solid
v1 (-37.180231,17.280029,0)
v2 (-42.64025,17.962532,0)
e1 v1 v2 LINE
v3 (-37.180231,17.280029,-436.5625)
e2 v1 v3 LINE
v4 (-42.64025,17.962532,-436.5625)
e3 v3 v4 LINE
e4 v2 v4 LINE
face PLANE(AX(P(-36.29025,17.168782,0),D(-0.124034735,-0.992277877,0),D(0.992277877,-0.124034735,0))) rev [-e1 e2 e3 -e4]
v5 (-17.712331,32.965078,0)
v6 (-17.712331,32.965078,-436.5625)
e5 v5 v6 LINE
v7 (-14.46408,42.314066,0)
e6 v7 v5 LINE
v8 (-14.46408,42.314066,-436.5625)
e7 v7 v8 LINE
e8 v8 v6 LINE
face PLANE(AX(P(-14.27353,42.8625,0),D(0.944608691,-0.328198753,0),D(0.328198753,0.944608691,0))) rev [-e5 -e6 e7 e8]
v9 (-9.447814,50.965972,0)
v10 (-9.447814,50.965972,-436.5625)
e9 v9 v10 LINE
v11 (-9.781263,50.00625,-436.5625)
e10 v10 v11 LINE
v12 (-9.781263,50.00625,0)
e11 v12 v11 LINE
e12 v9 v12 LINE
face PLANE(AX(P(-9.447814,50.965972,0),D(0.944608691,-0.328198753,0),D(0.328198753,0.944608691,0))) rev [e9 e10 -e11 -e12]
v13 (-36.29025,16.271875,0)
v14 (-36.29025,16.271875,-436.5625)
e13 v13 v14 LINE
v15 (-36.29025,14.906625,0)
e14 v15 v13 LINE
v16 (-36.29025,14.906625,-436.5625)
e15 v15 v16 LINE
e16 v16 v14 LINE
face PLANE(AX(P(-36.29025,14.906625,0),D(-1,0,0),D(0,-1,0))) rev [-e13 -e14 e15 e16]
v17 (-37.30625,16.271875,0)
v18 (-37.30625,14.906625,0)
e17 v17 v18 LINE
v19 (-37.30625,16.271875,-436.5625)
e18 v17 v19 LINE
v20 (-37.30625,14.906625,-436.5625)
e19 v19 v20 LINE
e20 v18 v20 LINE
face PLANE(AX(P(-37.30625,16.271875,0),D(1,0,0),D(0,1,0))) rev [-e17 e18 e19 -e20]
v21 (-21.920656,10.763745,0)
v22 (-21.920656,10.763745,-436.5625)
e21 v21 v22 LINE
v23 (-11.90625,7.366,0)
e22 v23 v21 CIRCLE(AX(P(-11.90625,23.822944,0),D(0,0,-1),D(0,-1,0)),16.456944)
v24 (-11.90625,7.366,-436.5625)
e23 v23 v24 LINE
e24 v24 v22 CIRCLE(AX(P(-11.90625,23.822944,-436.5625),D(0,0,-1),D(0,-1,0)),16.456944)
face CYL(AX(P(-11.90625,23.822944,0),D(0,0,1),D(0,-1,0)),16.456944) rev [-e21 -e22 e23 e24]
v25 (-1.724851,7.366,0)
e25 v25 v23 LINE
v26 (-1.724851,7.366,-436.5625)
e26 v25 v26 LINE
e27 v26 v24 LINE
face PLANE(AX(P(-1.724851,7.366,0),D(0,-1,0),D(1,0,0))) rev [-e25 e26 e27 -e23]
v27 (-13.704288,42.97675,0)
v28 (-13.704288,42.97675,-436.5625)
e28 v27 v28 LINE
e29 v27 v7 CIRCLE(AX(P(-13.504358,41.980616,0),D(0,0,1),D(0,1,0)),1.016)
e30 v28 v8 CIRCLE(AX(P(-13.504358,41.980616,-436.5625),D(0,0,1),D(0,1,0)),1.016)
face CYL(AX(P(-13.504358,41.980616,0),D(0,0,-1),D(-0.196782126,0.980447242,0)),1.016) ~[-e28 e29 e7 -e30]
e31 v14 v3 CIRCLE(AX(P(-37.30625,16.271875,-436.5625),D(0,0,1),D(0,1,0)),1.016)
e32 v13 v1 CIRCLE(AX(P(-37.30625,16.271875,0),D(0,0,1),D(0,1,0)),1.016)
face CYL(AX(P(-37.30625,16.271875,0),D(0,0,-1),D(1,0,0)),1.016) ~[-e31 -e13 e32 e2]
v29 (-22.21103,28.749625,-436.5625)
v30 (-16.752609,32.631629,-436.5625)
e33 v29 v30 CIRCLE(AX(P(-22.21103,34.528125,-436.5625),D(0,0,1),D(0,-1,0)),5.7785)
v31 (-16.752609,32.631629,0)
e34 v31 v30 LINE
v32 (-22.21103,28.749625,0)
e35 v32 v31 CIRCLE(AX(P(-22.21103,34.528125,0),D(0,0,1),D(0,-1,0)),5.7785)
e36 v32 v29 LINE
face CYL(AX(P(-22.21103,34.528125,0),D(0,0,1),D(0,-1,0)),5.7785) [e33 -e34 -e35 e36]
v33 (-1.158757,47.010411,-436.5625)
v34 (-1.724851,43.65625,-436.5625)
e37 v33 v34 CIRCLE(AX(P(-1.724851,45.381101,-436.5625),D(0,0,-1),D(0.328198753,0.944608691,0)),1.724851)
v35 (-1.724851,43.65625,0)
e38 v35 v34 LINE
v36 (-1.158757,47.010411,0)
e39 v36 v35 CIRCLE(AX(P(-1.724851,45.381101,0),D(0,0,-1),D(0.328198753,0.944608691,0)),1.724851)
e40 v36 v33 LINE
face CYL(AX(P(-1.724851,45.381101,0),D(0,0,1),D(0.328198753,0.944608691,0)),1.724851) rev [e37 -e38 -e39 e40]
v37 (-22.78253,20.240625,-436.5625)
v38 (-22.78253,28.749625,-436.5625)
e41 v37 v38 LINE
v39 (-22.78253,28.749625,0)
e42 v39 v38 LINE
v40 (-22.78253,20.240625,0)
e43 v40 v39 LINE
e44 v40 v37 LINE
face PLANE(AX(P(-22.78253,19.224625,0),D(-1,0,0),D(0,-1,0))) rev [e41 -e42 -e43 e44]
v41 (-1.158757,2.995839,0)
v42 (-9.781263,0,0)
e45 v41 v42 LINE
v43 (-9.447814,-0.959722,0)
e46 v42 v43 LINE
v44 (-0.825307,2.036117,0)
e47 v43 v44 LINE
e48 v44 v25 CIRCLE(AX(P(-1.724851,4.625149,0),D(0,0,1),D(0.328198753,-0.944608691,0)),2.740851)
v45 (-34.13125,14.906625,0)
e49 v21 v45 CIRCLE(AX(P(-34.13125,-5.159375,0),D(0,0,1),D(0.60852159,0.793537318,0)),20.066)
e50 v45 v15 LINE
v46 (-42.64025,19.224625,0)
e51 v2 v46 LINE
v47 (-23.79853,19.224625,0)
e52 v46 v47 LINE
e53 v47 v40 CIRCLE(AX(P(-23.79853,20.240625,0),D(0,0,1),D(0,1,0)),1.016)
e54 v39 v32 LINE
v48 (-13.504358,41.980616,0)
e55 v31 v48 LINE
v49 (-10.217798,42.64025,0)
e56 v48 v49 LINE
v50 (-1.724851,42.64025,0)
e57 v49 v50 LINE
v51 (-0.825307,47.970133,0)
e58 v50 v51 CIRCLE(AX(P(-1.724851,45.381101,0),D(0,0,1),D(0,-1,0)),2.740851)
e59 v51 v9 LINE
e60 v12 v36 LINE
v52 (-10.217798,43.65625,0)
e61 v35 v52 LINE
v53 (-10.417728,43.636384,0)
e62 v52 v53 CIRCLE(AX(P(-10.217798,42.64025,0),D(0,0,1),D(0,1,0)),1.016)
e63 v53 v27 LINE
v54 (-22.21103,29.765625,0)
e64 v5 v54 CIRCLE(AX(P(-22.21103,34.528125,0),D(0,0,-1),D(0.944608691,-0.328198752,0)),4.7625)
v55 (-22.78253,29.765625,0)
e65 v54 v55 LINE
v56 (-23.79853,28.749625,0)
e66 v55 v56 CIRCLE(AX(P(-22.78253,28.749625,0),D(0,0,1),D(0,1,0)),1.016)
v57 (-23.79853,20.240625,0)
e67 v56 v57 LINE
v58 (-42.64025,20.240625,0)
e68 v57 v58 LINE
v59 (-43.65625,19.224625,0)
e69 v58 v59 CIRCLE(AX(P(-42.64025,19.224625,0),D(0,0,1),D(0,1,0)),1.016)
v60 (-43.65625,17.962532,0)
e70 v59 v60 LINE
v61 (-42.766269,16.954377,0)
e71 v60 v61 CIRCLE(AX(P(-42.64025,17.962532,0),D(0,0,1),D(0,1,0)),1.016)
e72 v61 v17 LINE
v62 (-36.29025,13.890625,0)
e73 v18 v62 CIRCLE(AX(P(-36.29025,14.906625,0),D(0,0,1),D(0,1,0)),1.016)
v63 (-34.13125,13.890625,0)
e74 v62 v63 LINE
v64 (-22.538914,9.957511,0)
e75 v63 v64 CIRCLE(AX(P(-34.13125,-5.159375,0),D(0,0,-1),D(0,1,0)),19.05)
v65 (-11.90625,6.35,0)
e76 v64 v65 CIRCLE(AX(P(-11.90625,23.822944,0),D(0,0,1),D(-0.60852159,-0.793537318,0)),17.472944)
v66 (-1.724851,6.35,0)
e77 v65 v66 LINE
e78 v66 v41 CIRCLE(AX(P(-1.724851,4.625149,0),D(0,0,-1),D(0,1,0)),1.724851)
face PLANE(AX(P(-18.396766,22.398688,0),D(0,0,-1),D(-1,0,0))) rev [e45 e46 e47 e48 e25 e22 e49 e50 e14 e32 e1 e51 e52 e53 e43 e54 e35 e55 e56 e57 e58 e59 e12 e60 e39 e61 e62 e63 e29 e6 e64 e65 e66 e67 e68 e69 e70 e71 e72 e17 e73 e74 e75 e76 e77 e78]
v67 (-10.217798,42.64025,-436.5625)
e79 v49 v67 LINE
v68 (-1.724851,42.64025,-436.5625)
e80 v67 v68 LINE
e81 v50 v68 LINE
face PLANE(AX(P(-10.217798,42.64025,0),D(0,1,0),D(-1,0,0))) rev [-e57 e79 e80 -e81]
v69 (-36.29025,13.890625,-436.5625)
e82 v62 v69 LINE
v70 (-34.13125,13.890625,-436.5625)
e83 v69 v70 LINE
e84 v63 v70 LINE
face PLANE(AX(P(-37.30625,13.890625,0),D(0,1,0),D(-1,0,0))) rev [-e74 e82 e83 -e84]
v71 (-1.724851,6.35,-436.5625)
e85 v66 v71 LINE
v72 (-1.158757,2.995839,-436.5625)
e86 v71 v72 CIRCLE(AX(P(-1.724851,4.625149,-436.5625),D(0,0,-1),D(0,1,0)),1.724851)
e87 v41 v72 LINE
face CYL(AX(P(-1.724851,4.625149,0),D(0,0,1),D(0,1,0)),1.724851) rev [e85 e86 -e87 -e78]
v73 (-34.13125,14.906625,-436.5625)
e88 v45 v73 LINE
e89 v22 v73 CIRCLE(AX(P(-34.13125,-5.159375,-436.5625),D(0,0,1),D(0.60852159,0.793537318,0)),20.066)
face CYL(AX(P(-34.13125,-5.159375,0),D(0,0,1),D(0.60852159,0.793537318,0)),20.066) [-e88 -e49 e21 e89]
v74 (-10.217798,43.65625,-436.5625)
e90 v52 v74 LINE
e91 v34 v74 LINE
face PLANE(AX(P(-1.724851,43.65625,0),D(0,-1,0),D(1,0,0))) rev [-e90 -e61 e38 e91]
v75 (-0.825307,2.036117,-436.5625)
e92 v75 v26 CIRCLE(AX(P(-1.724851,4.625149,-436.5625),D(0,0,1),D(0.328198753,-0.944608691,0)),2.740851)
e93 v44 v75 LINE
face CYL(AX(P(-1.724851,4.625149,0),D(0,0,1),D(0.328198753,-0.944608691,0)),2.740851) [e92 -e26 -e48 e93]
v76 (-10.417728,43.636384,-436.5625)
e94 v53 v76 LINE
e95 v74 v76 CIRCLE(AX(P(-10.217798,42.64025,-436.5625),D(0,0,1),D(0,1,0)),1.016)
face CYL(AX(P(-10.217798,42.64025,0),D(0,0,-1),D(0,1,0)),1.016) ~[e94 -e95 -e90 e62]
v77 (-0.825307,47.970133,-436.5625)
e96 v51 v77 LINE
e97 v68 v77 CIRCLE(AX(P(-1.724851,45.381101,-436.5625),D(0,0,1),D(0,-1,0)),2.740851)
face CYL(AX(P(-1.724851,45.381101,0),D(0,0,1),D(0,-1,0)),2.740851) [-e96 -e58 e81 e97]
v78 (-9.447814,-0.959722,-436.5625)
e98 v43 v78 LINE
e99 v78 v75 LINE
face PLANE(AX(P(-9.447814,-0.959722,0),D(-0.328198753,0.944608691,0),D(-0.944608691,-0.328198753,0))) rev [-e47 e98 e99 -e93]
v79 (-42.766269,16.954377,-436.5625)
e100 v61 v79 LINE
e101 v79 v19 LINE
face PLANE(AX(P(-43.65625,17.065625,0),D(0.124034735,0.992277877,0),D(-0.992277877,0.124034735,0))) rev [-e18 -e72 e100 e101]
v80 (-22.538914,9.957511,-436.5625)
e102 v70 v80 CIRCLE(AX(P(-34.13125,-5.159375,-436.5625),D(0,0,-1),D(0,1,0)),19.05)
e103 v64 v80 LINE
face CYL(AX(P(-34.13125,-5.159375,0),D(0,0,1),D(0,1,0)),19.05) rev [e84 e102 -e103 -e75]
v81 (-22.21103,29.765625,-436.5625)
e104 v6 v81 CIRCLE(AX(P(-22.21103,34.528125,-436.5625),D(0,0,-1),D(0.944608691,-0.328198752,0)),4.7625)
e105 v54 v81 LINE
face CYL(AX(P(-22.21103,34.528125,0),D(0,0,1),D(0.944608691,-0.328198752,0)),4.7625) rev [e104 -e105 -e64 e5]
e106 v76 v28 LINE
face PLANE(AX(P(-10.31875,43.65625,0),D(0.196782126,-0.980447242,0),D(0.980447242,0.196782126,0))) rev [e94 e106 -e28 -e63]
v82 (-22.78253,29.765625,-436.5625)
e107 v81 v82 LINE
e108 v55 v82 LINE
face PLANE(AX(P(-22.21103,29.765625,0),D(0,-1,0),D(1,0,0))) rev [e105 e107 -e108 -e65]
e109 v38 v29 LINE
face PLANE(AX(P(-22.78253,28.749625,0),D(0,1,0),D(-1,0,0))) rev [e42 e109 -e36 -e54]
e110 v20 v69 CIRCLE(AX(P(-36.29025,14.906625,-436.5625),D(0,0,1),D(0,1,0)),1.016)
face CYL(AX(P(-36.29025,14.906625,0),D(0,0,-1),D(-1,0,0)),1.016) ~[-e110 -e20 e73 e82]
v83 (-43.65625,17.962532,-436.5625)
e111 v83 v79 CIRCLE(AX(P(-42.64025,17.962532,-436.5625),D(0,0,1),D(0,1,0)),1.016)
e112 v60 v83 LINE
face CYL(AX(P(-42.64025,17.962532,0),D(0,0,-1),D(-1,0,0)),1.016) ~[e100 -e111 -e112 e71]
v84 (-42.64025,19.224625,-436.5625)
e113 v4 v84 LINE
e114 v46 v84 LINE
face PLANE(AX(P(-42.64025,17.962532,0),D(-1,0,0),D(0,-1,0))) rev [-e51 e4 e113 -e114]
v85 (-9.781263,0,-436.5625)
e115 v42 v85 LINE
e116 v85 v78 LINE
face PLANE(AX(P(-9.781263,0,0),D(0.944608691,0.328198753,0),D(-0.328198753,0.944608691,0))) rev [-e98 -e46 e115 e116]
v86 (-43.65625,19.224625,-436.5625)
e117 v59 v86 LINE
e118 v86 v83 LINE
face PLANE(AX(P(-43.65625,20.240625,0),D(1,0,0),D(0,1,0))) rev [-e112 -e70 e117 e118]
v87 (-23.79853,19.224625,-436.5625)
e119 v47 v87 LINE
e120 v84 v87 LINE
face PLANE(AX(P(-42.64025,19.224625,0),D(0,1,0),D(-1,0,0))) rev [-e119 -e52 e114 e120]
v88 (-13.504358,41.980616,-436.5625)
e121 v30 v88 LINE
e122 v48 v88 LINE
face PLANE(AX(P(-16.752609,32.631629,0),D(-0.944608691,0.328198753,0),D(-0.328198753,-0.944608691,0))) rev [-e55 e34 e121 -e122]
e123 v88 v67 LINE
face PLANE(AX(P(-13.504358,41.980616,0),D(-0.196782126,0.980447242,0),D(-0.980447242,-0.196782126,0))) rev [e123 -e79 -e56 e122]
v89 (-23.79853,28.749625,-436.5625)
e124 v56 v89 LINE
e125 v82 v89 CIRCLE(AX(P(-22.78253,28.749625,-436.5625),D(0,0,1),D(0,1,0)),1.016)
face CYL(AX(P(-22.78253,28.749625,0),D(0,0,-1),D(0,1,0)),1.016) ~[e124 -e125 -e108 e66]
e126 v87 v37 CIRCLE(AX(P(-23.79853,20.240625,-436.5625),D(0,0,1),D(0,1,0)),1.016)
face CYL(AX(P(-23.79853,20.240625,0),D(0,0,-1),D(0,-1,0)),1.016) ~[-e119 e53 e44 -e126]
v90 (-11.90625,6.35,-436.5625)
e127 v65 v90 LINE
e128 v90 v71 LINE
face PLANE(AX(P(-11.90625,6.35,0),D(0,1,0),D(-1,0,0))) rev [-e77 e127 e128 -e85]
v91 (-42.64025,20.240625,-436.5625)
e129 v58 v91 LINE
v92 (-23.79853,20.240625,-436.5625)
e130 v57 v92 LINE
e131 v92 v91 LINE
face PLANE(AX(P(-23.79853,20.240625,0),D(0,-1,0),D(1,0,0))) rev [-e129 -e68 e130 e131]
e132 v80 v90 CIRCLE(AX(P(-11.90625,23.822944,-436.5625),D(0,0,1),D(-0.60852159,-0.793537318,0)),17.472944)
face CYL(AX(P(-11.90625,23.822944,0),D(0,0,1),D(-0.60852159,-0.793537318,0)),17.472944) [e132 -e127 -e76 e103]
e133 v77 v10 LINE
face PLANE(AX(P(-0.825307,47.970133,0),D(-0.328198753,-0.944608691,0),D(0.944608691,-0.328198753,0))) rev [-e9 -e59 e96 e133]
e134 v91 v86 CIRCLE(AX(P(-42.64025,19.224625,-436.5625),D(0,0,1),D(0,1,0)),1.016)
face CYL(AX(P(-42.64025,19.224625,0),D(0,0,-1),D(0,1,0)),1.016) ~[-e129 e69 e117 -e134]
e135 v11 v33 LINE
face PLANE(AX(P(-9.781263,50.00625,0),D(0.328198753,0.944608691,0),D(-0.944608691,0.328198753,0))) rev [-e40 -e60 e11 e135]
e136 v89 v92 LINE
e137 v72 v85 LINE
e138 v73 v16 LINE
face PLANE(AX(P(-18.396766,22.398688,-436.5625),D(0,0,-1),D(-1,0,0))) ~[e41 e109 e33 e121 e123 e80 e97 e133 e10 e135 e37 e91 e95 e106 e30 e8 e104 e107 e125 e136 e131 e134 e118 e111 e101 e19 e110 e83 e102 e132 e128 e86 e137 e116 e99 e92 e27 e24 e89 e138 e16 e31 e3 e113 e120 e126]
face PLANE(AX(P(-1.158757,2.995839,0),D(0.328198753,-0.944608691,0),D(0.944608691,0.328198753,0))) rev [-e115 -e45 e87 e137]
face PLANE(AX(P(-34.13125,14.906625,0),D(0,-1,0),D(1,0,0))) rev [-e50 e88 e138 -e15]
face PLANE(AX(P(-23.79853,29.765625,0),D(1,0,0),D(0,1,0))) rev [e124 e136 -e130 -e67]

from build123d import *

# Parameters (mm, degrees)
EXTRUDE_THIN1_DEPTH = 436.5625
FILLET1_R           = 1.016


with BuildPart() as part:
    # Sketch1 → Extrude-Thin1 (new body)
    with BuildSketch(Plane.XY):
        with BuildLine():
            Line((9.781263434, 50.00625), (1.15875723, 47.010410758))
            ThreePointArc((1.15875723, 47.010410758), (0.024053154, 45.094051318), (1.724851264, 43.65625))
            Line((1.724851264, 43.65625), (10.31875, 43.65625))
            Line((10.31875, 43.65625), (14.273529908, 42.8625))
            Line((14.273529908, 42.8625), (17.712331019, 32.965078439))
            ThreePointArc((17.712331019, 32.965078439), (19.450830911, 30.647054561), (22.211029908, 29.765625))
            Line((22.211029908, 29.765625), (23.798529908, 29.765625))
            Line((23.798529908, 29.765625), (23.798529908, 20.240625))
            Line((23.798529908, 20.240625), (43.65625, 20.240625))
            Line((43.65625, 20.240625), (43.65625, 17.065625))
            Line((43.65625, 17.065625), (37.30625, 16.271875))
            Line((37.30625, 16.271875), (37.30625, 13.890625))
            Line((37.30625, 13.890625), (34.13125, 13.890625))
            ThreePointArc((34.13125, 13.890625), (28.010554633, 12.880569241), (22.538913712, 9.957510902))
            ThreePointArc((22.538913712, 9.957510902), (17.520243065, 7.276438204), (11.90625, 6.35))
            Line((11.90625, 6.35), (10.31875, 6.35))
            Line((10.31875, 6.35), (1.724851264, 6.35))
            ThreePointArc((1.724851264, 6.35), (0.024053154, 4.912198682), (1.15875723, 2.995839242))
            Line((1.15875723, 2.995839242), (9.781263434, 0))
            Line((9.781263434, 0), (9.447813501, -0.95972243))
            Line((9.447813501, -0.95972243), (0.825307297, 2.036116813))
            ThreePointArc((0.825307297, 2.036116813), (-0.977778666, 5.081281519), (1.724851264, 7.366))
            Line((1.724851264, 7.366), (10.31875, 7.366))
            Line((10.31875, 7.366), (11.90625, 7.366))
            ThreePointArc((11.90625, 7.366), (17.193805978, 8.238568564), (21.920655776, 10.763744817))
            ThreePointArc((21.920655776, 10.763744817), (27.684117546, 13.842699601), (34.13125, 14.906625))
            Line((34.13125, 14.906625), (36.29025, 14.906625))
            Line((36.29025, 14.906625), (36.29025, 17.168781734))
            Line((36.29025, 17.168781734), (42.64025, 17.962531734))
            Line((42.64025, 17.962531734), (42.64025, 19.224625))
            Line((42.64025, 19.224625), (22.782529908, 19.224625))
            Line((22.782529908, 19.224625), (22.782529908, 28.749625))
            Line((22.782529908, 28.749625), (22.211029908, 28.749625))
            ThreePointArc((22.211029908, 28.749625), (18.861988459, 29.819092868), (16.752608589, 32.631628506))
            Line((16.752608589, 32.631628506), (13.504357649, 41.98061609))
            Line((13.504357649, 41.98061609), (10.217797732, 42.64025))
            Line((10.217797732, 42.64025), (1.724851264, 42.64025))
            ThreePointArc((1.724851264, 42.64025), (-0.977778666, 44.924968481), (0.825307297, 47.970133187))
            Line((0.825307297, 47.970133187), (9.447813501, 50.96597243))
            Line((9.447813501, 50.96597243), (9.781263434, 50.00625))
        make_face()
    extrude(amount=-EXTRUDE_THIN1_DEPTH)

    # Fillet1
    fillet1_edges = [part.edges().sort_by_distance(p)[0] for p in [
        (36.29025, 17.168781734, -218.28125),
        (22.782529908, 19.224625, -218.28125),
        (10.31875, 43.65625, -218.28125),
        (14.273529908, 42.8625, -218.28125),
        (23.798529908, 29.765625, -218.28125),
        (43.65625, 20.240625, -218.28125),
        (43.65625, 17.065625, -218.28125),
        (37.30625, 13.890625, -218.28125),
    ]]
    fillet(fillet1_edges, radius=FILLET1_R)


with BuildPart() as body_2:
    # Mirror1: mirrored copy
    add(part.part.mirror(Plane(origin=(0, 0, 0), x_dir=(0, 0, 1), z_dir=(1, 0, 0))))


solid = body_2.part
